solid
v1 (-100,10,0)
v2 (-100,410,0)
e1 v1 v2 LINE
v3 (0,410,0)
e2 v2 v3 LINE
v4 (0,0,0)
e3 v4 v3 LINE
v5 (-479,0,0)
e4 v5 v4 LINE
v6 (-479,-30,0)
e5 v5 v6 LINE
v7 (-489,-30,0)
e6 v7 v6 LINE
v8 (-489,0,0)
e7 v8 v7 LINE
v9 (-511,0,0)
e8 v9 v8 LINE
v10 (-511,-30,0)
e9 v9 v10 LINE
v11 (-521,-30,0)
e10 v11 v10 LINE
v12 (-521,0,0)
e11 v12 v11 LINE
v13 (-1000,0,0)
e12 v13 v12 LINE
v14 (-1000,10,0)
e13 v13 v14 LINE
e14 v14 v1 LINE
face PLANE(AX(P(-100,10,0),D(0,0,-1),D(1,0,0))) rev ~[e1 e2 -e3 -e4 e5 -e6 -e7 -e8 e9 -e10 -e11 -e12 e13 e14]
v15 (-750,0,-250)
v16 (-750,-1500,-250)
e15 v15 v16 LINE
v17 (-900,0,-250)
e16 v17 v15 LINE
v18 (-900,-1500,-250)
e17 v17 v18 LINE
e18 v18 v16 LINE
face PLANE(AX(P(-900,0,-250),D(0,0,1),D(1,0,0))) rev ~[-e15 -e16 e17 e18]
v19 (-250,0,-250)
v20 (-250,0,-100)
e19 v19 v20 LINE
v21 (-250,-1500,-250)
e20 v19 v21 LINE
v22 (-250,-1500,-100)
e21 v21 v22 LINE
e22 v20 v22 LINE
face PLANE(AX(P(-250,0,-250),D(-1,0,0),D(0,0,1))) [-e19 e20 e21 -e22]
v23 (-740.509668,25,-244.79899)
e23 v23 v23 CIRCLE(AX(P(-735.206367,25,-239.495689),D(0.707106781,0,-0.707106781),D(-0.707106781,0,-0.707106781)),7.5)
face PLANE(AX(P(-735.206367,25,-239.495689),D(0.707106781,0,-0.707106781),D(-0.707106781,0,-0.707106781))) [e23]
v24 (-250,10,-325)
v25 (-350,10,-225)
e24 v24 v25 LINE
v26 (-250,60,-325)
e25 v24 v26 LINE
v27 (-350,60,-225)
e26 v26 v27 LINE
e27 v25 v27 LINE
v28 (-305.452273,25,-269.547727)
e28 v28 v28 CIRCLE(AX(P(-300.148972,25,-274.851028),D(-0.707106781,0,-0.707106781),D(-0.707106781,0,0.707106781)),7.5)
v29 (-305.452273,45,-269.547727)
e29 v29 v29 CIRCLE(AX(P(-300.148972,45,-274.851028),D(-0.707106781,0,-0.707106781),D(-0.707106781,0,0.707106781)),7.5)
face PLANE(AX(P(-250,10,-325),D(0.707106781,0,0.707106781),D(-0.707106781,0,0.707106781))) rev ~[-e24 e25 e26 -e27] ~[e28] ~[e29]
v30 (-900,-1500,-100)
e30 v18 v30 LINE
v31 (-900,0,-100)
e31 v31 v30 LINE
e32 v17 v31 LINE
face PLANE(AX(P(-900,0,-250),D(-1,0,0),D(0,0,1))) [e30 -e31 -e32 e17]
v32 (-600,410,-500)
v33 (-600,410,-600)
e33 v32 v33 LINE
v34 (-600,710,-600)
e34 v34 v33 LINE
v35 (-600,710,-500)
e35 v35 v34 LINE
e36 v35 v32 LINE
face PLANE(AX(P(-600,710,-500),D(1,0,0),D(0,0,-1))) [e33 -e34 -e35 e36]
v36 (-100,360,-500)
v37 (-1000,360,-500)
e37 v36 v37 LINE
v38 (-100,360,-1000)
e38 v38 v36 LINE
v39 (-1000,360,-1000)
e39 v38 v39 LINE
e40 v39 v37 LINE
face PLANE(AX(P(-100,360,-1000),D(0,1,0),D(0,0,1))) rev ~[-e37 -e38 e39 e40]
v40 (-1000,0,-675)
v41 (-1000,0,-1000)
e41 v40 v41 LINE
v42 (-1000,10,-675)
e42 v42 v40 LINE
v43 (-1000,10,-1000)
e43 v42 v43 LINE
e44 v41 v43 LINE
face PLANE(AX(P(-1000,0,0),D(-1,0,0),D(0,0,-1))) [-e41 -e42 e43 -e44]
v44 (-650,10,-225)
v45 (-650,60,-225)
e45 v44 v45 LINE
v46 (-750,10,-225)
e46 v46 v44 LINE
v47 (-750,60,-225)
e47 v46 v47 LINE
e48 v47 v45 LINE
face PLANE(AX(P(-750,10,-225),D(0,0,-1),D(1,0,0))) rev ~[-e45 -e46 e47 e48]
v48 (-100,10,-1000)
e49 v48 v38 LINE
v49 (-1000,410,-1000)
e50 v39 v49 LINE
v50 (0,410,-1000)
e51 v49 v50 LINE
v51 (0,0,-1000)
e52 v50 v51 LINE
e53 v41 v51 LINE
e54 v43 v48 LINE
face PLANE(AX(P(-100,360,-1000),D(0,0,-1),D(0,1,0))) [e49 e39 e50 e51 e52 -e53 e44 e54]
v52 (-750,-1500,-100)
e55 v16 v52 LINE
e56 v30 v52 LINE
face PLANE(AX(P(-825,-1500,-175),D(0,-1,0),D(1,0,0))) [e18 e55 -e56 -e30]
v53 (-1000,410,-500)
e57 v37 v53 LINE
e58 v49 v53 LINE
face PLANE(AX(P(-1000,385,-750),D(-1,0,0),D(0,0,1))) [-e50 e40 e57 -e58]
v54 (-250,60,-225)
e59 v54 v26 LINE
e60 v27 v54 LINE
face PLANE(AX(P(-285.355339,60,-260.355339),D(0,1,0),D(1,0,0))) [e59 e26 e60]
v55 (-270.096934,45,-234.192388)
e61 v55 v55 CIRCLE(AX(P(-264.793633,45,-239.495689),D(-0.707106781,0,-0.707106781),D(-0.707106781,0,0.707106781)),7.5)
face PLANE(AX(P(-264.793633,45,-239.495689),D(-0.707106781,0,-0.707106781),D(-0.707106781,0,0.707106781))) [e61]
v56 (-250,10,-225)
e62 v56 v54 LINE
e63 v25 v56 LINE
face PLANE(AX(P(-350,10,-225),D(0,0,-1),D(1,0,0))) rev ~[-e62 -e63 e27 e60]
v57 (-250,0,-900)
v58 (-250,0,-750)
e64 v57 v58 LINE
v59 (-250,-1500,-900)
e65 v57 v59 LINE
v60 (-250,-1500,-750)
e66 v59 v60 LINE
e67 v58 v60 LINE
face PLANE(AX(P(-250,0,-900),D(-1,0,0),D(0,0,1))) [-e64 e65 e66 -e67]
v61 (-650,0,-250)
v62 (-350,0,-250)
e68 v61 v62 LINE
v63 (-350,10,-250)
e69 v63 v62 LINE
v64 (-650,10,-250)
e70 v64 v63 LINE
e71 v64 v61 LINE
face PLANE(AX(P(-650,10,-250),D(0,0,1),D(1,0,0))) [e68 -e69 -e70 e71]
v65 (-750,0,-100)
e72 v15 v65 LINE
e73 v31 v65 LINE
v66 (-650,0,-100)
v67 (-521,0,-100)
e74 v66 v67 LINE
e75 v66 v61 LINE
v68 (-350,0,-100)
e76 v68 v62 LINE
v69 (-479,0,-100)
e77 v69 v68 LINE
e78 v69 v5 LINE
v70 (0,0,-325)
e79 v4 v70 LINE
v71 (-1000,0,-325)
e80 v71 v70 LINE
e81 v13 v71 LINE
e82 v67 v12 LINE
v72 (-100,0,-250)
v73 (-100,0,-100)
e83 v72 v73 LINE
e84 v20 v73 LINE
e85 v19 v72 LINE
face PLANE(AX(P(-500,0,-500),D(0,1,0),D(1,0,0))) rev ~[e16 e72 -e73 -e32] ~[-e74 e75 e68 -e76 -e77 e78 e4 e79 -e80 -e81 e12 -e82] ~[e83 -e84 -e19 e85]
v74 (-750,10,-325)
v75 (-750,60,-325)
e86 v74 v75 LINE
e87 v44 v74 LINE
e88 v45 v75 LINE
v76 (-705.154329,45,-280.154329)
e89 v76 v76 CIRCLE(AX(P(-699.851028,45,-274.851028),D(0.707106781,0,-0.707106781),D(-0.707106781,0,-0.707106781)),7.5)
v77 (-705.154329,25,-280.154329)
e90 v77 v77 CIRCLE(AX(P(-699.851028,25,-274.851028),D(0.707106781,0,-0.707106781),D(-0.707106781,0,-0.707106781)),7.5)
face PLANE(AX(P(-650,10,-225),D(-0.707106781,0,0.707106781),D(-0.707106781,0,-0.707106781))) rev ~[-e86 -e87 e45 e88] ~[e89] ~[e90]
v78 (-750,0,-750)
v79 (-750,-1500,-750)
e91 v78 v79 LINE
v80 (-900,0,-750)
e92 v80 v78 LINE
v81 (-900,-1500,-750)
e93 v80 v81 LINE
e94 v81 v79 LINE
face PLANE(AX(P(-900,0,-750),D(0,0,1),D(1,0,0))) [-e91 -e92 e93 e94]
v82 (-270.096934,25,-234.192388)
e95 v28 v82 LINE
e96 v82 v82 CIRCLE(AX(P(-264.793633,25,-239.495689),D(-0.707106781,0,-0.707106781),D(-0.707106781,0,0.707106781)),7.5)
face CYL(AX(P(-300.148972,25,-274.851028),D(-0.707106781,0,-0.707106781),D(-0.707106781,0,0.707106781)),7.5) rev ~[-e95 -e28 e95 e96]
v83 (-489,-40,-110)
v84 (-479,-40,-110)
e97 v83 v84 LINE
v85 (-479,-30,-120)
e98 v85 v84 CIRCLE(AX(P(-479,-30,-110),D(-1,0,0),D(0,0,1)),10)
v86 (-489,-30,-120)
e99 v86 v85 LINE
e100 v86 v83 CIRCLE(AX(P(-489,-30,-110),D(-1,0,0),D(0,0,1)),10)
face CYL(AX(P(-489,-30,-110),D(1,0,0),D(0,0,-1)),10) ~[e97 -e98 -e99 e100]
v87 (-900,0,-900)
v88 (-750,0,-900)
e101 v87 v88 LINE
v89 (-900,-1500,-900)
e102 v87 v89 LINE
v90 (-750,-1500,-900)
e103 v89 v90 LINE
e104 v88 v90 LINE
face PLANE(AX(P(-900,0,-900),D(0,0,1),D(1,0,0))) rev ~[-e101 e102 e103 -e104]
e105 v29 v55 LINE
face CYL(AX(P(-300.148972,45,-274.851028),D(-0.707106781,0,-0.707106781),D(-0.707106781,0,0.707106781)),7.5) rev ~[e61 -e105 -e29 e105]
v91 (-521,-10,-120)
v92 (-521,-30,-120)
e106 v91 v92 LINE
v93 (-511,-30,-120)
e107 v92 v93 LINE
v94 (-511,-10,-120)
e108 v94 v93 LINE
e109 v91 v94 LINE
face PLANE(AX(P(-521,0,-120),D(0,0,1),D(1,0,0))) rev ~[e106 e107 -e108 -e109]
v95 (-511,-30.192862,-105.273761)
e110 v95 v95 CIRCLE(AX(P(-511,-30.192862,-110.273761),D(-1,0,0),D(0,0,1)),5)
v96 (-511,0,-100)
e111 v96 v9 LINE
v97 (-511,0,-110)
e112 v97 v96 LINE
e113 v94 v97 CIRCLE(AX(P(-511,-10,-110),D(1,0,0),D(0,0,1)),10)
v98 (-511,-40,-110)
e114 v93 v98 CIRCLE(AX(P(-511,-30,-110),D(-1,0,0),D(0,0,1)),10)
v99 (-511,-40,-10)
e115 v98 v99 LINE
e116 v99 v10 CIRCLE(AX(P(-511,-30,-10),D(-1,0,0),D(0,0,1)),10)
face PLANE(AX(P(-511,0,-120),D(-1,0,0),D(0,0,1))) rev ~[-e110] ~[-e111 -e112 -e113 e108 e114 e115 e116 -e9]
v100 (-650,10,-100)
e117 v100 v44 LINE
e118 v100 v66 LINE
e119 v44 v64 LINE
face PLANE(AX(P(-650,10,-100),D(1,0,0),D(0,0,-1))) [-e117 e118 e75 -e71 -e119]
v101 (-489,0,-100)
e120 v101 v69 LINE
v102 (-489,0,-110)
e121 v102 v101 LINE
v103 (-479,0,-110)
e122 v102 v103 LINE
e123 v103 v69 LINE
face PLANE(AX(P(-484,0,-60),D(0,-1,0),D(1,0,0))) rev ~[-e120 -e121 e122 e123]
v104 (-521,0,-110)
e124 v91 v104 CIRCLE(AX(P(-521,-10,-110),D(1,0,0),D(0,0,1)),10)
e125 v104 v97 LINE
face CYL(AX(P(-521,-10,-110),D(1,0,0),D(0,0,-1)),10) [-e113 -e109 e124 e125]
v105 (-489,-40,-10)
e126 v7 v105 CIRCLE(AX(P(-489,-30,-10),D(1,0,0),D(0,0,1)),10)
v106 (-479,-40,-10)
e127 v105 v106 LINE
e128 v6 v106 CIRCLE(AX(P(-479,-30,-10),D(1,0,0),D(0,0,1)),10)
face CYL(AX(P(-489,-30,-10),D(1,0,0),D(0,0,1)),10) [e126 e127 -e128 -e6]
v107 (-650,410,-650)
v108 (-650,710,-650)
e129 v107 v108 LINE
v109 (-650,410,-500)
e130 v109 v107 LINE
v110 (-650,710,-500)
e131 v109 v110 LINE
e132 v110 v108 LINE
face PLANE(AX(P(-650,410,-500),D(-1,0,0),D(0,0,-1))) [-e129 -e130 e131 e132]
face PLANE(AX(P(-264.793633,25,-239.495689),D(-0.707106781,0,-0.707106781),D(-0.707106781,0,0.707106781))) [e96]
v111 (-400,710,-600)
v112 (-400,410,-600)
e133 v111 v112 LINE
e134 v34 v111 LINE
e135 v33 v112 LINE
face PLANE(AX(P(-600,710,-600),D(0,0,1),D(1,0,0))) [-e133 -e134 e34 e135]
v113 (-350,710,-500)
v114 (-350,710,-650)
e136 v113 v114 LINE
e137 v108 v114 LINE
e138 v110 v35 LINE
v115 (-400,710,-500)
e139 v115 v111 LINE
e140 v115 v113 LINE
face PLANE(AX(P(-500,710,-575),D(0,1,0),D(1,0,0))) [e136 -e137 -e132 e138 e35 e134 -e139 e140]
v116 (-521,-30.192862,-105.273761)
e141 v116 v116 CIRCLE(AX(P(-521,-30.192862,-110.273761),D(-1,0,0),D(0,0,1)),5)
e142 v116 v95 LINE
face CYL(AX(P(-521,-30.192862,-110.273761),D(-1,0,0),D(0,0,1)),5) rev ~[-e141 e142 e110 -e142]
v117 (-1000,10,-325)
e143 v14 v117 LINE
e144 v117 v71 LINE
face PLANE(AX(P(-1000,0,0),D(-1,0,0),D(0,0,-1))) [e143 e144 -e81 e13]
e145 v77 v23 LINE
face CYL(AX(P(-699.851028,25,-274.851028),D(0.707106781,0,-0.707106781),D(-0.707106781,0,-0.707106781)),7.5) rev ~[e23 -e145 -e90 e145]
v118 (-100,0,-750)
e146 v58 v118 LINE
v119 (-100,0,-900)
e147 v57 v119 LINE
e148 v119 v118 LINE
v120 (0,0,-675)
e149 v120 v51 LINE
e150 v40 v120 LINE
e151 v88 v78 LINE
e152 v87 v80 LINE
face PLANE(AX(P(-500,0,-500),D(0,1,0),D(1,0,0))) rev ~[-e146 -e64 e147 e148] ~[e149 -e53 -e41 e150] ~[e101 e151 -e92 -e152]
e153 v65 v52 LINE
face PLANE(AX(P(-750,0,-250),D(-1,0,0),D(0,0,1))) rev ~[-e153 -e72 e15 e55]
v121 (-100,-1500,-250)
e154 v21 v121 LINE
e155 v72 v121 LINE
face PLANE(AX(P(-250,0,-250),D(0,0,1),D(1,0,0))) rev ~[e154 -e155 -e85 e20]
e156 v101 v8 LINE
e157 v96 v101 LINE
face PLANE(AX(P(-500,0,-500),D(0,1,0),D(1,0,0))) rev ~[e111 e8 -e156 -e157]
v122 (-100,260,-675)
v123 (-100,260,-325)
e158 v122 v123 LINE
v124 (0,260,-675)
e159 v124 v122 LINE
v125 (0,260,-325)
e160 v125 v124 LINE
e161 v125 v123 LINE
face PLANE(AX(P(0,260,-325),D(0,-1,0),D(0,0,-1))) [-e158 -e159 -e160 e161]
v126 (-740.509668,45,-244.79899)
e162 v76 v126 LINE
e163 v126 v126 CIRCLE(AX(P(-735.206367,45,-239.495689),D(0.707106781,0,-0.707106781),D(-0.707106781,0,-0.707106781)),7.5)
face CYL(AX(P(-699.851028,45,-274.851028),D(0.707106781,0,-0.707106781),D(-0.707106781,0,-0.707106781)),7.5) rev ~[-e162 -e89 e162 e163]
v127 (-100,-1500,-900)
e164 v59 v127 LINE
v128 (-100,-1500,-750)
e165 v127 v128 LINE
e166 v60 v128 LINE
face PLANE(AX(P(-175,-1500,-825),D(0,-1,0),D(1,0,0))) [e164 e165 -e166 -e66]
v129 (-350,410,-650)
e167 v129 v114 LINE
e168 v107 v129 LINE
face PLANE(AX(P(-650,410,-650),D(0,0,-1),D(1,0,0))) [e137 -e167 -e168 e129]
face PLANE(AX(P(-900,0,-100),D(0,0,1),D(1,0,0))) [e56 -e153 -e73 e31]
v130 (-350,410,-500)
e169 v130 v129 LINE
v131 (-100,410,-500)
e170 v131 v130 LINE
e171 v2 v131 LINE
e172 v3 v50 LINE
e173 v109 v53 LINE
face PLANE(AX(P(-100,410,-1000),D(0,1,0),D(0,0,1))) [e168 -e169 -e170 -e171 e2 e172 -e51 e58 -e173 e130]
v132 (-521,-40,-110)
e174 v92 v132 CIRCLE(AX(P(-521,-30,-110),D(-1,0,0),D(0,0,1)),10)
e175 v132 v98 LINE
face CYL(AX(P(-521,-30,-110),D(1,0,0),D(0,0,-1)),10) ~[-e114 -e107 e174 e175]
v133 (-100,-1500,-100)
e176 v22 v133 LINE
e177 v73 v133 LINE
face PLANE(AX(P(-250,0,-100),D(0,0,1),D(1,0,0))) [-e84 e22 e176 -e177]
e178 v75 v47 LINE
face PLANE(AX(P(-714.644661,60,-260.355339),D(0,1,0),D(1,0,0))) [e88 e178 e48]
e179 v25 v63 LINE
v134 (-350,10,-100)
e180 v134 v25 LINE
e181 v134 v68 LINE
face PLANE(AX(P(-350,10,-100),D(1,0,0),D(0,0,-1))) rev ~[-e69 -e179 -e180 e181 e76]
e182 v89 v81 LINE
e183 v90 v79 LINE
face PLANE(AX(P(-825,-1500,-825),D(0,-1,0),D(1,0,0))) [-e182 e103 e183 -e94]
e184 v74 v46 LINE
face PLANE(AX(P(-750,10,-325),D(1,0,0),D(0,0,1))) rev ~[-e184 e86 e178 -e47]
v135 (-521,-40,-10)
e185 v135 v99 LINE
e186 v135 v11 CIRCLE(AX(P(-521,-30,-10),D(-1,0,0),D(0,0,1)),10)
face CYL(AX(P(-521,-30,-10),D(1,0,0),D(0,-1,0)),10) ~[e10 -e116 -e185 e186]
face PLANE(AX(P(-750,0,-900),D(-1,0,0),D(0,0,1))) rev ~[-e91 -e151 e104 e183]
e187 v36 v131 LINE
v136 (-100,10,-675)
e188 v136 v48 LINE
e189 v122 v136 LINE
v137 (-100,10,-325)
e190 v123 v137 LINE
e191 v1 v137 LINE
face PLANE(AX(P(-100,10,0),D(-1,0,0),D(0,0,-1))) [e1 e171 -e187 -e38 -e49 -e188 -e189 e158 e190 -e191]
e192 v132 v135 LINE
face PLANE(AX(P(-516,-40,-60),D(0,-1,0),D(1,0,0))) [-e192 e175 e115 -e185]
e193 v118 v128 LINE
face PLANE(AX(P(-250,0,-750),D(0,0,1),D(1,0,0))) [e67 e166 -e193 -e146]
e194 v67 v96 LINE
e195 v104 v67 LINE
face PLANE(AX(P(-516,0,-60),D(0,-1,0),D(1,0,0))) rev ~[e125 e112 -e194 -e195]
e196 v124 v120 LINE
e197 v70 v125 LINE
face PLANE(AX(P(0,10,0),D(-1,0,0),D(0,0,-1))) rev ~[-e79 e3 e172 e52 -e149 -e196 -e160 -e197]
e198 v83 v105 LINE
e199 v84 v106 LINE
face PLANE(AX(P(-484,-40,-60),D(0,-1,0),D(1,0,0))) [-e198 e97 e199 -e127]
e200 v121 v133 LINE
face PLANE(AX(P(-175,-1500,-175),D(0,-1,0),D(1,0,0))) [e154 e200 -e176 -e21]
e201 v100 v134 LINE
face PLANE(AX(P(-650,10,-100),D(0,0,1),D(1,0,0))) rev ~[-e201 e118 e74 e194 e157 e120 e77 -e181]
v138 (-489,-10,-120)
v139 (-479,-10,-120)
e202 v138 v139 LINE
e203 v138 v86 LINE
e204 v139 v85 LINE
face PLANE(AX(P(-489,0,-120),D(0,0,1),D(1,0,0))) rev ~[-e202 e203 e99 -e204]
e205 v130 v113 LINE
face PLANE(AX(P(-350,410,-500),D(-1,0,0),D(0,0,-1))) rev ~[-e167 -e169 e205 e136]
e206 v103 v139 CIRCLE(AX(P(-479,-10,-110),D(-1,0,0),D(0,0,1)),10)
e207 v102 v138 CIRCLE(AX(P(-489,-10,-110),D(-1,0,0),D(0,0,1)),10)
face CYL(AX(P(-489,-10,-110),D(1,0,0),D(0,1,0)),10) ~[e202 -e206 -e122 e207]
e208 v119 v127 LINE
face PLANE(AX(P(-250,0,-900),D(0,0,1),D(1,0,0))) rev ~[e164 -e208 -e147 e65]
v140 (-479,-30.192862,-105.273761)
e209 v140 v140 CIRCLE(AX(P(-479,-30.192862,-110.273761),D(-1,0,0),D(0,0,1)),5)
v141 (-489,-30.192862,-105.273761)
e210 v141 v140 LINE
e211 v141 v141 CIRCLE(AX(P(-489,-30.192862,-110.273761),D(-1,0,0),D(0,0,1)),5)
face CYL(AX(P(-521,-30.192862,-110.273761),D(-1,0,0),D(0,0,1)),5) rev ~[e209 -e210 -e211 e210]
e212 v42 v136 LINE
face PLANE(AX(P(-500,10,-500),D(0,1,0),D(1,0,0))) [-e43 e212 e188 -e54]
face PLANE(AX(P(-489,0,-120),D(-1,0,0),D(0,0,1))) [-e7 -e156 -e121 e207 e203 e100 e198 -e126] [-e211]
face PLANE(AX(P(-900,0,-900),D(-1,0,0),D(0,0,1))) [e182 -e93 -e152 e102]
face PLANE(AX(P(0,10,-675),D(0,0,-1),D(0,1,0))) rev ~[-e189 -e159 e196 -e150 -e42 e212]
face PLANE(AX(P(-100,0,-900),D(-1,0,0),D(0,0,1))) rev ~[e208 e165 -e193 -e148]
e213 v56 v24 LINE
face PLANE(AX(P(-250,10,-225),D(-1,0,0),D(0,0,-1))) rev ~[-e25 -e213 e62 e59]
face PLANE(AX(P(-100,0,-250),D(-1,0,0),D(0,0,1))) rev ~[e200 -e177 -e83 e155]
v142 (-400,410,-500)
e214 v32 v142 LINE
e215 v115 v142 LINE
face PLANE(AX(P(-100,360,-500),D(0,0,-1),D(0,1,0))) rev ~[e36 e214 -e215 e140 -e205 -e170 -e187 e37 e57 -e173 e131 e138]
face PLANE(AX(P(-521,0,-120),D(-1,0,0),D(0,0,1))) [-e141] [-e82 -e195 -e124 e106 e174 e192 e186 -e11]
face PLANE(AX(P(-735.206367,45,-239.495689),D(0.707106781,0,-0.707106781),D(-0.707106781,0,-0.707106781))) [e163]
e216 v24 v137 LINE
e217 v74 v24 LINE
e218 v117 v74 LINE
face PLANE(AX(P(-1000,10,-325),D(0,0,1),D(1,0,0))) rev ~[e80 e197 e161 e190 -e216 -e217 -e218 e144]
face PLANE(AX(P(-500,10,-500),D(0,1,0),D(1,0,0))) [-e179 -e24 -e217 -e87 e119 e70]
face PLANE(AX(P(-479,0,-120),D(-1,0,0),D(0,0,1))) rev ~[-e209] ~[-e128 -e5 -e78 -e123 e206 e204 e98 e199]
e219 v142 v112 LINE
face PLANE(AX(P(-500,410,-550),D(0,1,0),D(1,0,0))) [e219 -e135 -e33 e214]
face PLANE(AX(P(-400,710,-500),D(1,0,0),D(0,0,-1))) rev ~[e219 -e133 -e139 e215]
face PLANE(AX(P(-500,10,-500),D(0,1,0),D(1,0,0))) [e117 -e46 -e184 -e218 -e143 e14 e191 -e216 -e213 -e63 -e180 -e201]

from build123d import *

# Parameters (mm, degrees)
SKETCH1_W           = 1000
SKETCH1_H           = 1000
BOSS_EXTRUDE1_DEPTH = 10
SKETCH5_W           = 150
SKETCH5_H           = 150
BOSS_EXTRUDE2_DEPTH = 1500
SKETCH7_W           = 300
SKETCH7_H           = 150
CUT_EXTRUDE1_DEPTH  = 1500
SKETCH9_W           = 10
SKETCH9_H           = 120
BOSS_EXTRUDE4_DEPTH = 40
FILLET1_R           = 10
FILLET2_R           = 10
SKETCH10_R          = 5
CUT_EXTRUDE3_DEPTH  = 55
SKETCH11_W          = 100
SKETCH11_H          = 1000
BOSS_EXTRUDE5_DEPTH = 400
SKETCH12_W          = 500
SKETCH12_H          = 50
BOSS_EXTRUDE6_DEPTH = 900
SKETCH14_W          = 300
SKETCH14_H          = 150
BOSS_EXTRUDE7_DEPTH = 300
SKETCH15_W          = 200
SKETCH15_H          = 100
CUT_EXTRUDE4_DEPTH  = 300
SKETCH8_W           = 1000
SKETCH8_H           = 350
CUT_EXTRUDE2_DEPTH  = 2069.840254829
SKETCH16_W          = 350
SKETCH16_H          = 250
CUT_EXTRUDE5_DEPTH  = 2062.552812809
BOSS_EXTRUDE8_DEPTH = 50
SKETCH21_R          = 7.5
CUT_EXTRUDE7_DEPTH  = 50
SKETCH22_R          = 7.5
CUT_EXTRUDE8_DEPTH  = 50


with BuildPart() as part:
    # Sketch1 → Boss-Extrude1 (new body)
    with BuildSketch(Plane(origin=(0, 0, 0), x_dir=(1, 0, 0), z_dir=(0, 1, 0))):
        with Locations((-500, 500)):
            Rectangle(SKETCH1_W, SKETCH1_H)
    extrude(amount=BOSS_EXTRUDE1_DEPTH)

    # Sketch5 → Boss-Extrude2 (add)
    with BuildSketch(Plane.XZ):
        with Locations((-825, -825)):
            Rectangle(SKETCH5_W, SKETCH5_H)
        with Locations((-825, -175)):
            Rectangle(SKETCH5_W, SKETCH5_H)
        with Locations((-175, -825)):
            Rectangle(SKETCH5_W, SKETCH5_H)
        with Locations((-175, -175)):
            Rectangle(SKETCH5_W, SKETCH5_H)
    extrude(amount=BOSS_EXTRUDE2_DEPTH)

    # Sketch7 → Cut-Extrude1 (cut)
    with BuildSketch(Plane(origin=(0, 10, 0), x_dir=(1, 0, 0), z_dir=(0, 1, 0))):
        with Locations((-500, 175)):
            Rectangle(SKETCH7_W, SKETCH7_H)
    extrude(amount=-CUT_EXTRUDE1_DEPTH, mode=Mode.SUBTRACT)

    # Sketch9 → Boss-Extrude4 (add)
    with BuildSketch(Plane.XZ):
        with Locations((-516, -60)):
            Rectangle(SKETCH9_W, SKETCH9_H)
        with Locations((-484, -60)):
            Rectangle(SKETCH9_W, SKETCH9_H)
    extrude(amount=BOSS_EXTRUDE4_DEPTH)

    # Fillet1
    fillet1_edges = [part.edges().sort_by_distance(p)[0] for p in [
        (-516, 0, -120),
        (-516, -40, -120),
        (-484, 0, -120),
        (-484, -40, -120),
    ]]
    fillet(fillet1_edges, radius=FILLET1_R)

    # Fillet2
    fillet2_edges = [part.edges().sort_by_distance(p)[0] for p in [
        (-516, -40, 0),
        (-484, -40, 0),
    ]]
    fillet(fillet2_edges, radius=FILLET2_R)

    # Sketch10 → Cut-Extrude3 (cut)
    with BuildSketch(Plane.ZY.offset(521)):
        with Locations((-110.273760932, -30.192862472)):
            Circle(SKETCH10_R)
    extrude(amount=-CUT_EXTRUDE3_DEPTH, mode=Mode.SUBTRACT)

    # Sketch11 → Boss-Extrude5 (add)
    with BuildSketch(Plane(origin=(0, 10, 0), x_dir=(1, 0, 0), z_dir=(0, 1, 0))):
        with Locations((-50, 500)):
            Rectangle(SKETCH11_W, SKETCH11_H)
    extrude(amount=BOSS_EXTRUDE5_DEPTH)

    # Sketch12 → Boss-Extrude6 (add)
    with BuildSketch(Plane.ZY.offset(100)):
        with Locations((-750, 385)):
            Rectangle(SKETCH12_W, SKETCH12_H)
    extrude(amount=BOSS_EXTRUDE6_DEPTH)

    # Sketch14 → Boss-Extrude7 (add)
    with BuildSketch(Plane(origin=(0, 410, 0), x_dir=(1, 0, 0), z_dir=(0, 1, 0))):
        with Locations((-500, 575)):
            Rectangle(SKETCH14_W, SKETCH14_H)
    extrude(amount=BOSS_EXTRUDE7_DEPTH)

    # Sketch15 → Cut-Extrude4 (cut)
    with BuildSketch(Plane(origin=(0, 710, 0), x_dir=(1, 0, 0), z_dir=(0, 1, 0))):
        with Locations((-500, 550)):
            Rectangle(SKETCH15_W, SKETCH15_H)
    extrude(amount=-CUT_EXTRUDE4_DEPTH, mode=Mode.SUBTRACT)

    # Sketch8 → Cut-Extrude2 (cut, through all)
    with BuildSketch(Plane(origin=(0, 10, 0), x_dir=(1, 0, 0), z_dir=(0, 1, 0))):
        with Locations((-500, 500)):
            Rectangle(SKETCH8_W, SKETCH8_H)
    extrude(amount=-CUT_EXTRUDE2_DEPTH, mode=Mode.SUBTRACT)

    # Sketch16 → Cut-Extrude5 (cut, through all)
    with BuildSketch(Plane(origin=(0, 0, 0), x_dir=(0, 0, -1), z_dir=(1, 0, 0))):
        with Locations((500, 135)):
            Rectangle(SKETCH16_W, SKETCH16_H)
    extrude(amount=-CUT_EXTRUDE5_DEPTH, mode=Mode.SUBTRACT)

    # Sketch18 → Boss-Extrude8 (add)
    with BuildSketch(Plane(origin=(0, 10, 0), x_dir=(1, 0, 0), z_dir=(0, 1, 0))):
        Polygon((-750, 325), (-750, 225), (-650, 225), align=None)
        Polygon((-350, 225), (-250, 225), (-250, 325), align=None)
    extrude(amount=BOSS_EXTRUDE8_DEPTH)

    # Sketch21 → Cut-Extrude7 (cut)
    with BuildSketch(Plane(origin=(-287.5, 0, -287.5), x_dir=(-0.7071067811865475, 0, 0.7071067811865477), z_dir=(-0.7071067811865477, 0, -0.7071067811865475))):
        with Locations((17.888347648, 45)):
            Circle(SKETCH21_R)
        with Locations((17.888347648, 25)):
            Circle(SKETCH21_R)
    extrude(amount=-CUT_EXTRUDE7_DEPTH, mode=Mode.SUBTRACT)

    # Sketch22 → Cut-Extrude8 (cut)
    with BuildSketch(Plane(origin=(-212.5, 0, 212.5), x_dir=(-0.7071067811865474, 0, -0.7071067811865477), z_dir=(0.7071067811865477, 0, -0.7071067811865474))):
        with Locations((689.218433538, 45)):
            Circle(SKETCH22_R)
        with Locations((689.218433538, 25)):
            Circle(SKETCH22_R)
    extrude(amount=-CUT_EXTRUDE8_DEPTH, mode=Mode.SUBTRACT)


solid = part.part
